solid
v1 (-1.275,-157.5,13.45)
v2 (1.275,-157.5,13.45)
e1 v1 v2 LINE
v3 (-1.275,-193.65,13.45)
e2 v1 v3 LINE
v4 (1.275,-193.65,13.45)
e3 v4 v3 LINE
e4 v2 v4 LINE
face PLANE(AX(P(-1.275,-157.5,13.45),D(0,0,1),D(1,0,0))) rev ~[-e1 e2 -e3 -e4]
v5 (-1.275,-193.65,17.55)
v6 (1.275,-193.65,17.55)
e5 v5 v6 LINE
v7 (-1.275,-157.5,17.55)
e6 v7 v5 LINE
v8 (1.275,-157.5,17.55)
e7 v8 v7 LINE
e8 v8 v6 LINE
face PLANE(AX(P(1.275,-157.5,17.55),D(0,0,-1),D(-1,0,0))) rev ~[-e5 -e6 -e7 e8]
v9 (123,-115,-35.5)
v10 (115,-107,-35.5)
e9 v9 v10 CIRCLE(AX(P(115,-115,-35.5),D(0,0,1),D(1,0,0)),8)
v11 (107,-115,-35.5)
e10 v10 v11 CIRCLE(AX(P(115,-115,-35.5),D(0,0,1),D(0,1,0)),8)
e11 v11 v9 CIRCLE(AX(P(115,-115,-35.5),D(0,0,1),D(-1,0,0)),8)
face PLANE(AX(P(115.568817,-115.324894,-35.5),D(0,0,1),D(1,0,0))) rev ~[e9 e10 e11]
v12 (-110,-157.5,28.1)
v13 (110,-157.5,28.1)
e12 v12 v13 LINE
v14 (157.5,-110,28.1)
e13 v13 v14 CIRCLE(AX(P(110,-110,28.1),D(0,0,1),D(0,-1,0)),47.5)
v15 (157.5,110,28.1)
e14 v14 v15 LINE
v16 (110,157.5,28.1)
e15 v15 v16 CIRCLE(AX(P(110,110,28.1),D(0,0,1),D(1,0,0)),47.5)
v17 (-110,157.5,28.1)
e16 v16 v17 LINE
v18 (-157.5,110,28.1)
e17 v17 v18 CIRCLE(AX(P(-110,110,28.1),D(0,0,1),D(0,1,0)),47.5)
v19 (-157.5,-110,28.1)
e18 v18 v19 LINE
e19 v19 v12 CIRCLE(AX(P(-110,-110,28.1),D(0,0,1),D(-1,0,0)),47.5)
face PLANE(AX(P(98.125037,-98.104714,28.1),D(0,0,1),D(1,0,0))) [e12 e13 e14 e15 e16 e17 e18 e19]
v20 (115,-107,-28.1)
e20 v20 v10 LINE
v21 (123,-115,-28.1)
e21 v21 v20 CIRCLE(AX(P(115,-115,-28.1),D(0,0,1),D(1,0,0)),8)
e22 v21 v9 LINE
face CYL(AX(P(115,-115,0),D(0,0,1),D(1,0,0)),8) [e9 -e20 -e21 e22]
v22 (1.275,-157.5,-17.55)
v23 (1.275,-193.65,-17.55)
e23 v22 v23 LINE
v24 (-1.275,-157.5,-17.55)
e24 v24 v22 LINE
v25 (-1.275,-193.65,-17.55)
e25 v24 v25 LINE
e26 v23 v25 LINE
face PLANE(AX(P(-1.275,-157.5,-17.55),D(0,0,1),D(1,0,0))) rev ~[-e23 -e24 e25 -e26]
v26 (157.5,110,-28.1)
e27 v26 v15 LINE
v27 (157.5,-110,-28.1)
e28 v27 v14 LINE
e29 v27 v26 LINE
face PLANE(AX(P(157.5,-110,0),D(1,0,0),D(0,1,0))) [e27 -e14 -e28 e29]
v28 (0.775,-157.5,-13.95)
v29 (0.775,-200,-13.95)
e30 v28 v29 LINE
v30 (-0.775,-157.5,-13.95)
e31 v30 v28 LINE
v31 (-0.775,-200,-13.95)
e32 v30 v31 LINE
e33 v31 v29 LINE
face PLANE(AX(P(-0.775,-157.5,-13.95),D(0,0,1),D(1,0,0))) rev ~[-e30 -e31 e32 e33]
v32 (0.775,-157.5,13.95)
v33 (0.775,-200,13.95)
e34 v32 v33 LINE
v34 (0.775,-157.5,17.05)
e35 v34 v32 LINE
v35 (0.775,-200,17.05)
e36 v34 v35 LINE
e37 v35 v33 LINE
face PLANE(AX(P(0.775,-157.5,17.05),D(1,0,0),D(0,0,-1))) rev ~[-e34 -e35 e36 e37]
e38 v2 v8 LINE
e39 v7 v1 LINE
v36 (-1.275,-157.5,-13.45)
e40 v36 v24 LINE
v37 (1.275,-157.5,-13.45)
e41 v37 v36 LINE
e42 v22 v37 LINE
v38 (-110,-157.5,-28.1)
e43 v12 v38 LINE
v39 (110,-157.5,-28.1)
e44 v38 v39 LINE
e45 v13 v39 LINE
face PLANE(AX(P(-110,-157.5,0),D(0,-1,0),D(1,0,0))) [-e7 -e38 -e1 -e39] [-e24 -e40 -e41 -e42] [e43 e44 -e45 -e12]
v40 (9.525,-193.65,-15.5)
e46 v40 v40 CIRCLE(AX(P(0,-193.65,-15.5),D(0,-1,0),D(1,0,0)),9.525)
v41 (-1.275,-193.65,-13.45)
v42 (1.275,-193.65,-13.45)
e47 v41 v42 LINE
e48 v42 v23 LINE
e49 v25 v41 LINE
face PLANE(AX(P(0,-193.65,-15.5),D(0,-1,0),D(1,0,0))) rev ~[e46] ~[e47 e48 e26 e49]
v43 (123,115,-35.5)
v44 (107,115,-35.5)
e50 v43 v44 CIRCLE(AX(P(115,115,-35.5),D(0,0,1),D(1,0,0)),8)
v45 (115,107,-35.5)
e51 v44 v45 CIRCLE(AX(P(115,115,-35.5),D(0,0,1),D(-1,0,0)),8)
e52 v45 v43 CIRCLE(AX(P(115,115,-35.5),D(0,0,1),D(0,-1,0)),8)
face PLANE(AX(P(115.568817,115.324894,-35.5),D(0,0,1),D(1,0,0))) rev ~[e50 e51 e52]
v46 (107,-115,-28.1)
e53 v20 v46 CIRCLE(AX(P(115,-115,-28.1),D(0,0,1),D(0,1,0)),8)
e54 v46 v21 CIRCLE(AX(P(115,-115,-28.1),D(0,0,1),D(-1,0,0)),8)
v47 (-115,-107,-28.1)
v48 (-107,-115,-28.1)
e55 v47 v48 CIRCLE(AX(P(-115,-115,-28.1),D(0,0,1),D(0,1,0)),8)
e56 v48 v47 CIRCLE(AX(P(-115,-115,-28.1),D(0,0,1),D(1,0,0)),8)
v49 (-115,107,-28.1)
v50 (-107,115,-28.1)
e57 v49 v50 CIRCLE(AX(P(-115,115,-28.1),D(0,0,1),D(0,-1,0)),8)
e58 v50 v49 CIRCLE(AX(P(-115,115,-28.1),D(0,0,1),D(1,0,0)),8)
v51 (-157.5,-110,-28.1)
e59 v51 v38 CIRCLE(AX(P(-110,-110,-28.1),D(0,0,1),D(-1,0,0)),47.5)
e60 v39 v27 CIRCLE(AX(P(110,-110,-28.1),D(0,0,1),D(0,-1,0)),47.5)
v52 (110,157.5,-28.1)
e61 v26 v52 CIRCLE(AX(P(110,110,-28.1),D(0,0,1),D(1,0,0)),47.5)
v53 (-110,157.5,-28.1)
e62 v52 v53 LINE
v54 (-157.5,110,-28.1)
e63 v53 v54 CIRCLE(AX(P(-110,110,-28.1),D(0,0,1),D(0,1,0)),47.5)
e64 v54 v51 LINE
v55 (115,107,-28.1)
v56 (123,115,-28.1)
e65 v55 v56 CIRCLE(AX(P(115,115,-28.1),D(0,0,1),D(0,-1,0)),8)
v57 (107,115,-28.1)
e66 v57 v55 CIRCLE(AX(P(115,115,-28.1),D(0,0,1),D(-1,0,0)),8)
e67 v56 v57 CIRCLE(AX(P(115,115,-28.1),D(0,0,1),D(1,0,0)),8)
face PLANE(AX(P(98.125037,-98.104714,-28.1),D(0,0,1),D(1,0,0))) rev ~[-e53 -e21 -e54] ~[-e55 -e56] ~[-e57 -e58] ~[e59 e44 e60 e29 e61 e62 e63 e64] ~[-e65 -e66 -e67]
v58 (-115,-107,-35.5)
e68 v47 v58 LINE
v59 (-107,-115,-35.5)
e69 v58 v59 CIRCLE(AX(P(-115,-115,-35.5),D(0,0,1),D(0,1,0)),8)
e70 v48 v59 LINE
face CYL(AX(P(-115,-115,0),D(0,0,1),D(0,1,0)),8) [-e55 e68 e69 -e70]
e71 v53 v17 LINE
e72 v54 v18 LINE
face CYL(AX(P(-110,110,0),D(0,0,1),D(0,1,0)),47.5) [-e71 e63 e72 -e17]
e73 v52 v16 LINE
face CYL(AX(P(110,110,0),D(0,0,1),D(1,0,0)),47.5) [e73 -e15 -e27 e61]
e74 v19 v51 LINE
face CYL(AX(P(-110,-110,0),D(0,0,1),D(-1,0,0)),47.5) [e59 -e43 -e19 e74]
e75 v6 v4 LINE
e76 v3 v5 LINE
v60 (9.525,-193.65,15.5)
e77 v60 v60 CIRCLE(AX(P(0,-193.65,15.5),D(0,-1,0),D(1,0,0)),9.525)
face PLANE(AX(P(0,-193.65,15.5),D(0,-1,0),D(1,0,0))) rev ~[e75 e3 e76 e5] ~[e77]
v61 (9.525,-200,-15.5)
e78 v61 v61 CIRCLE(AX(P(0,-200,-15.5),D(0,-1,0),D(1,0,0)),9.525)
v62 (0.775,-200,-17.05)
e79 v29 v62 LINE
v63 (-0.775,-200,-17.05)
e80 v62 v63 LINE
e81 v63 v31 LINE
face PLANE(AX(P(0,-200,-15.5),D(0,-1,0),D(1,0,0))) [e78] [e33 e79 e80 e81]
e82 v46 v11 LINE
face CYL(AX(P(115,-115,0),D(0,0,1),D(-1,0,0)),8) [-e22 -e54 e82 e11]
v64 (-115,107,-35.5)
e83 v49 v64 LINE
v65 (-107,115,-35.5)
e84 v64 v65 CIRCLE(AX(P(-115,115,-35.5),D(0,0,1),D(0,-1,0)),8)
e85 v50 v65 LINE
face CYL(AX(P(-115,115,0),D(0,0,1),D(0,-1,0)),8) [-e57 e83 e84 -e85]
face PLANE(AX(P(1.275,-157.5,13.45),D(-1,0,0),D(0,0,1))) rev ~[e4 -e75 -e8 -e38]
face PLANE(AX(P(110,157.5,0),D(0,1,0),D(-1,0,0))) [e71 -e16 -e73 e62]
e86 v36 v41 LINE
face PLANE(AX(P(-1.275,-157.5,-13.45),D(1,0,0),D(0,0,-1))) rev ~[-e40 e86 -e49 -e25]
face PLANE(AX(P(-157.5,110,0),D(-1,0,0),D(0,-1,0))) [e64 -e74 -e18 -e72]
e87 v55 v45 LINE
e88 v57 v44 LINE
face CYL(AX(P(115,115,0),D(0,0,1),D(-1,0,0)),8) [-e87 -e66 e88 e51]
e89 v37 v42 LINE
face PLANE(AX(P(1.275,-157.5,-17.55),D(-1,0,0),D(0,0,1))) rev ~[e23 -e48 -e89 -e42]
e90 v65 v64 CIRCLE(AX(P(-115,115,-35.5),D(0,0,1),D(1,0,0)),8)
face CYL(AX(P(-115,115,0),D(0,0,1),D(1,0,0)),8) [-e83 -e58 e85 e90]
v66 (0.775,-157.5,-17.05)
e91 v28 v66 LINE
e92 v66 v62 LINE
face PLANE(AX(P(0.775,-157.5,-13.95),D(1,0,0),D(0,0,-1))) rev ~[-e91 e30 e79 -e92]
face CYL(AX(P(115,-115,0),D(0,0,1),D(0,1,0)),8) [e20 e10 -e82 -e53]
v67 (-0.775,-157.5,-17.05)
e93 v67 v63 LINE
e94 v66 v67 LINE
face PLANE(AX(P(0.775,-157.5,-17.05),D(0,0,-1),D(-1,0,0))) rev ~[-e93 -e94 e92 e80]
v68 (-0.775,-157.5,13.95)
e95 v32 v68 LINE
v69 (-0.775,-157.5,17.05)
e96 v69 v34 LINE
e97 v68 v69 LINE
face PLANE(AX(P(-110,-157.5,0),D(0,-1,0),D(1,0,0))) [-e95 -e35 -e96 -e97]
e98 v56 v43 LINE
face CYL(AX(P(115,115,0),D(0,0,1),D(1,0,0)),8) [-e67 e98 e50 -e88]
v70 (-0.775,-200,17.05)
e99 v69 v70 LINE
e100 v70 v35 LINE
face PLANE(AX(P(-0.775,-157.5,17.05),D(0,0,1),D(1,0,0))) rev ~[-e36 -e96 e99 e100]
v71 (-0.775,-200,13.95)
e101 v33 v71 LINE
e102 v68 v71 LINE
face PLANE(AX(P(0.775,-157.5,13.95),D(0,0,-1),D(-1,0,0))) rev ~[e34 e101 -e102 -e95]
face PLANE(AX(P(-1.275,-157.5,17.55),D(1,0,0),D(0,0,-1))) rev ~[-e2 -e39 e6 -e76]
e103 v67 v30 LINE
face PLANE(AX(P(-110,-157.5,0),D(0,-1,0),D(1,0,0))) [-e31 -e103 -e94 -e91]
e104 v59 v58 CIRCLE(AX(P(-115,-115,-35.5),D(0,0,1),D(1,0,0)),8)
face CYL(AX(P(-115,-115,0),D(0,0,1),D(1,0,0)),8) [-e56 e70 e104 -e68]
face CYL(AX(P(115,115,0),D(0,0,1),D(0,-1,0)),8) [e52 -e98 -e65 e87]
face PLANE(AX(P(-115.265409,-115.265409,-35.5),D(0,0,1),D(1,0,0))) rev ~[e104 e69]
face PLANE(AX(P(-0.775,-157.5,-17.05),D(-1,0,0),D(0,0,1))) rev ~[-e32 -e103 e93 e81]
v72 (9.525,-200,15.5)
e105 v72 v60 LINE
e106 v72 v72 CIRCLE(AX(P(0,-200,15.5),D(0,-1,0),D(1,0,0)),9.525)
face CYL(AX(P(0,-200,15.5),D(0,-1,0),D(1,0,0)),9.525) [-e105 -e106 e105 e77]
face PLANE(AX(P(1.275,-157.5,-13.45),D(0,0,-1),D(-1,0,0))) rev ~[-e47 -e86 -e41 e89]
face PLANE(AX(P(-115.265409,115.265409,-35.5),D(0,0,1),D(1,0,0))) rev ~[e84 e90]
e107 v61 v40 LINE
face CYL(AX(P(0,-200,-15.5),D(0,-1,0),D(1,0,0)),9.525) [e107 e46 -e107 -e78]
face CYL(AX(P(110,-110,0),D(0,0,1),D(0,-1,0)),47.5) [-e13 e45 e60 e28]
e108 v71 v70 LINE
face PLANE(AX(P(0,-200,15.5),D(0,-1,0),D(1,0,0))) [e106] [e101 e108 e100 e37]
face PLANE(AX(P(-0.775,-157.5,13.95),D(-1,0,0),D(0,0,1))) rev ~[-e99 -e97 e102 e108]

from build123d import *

# Parameters (mm, degrees)
F1_DEPTH = 28.1
F2_DEPTH = 35.5
F4_DEPTH = 42.5
F5_R     = 9.525
F6_DEPTH = 6.35
F7_R     = 9.525
F8_DEPTH = 6.35


with BuildPart() as f1:
    # F0 (on Top) → F1 (new body, symmetric)
    with BuildSketch(Plane.XY):
        with BuildLine():
            Line((107, -115), (0, -115))
            Line((0, -115), (0, -157.5))
            Line((0, -157.5), (110, -157.5))
            ThreePointArc((110, -157.5), (143.5875721064, -143.5875721064), (157.5, -110))
            Line((157.5, -110), (157.5, 0))
            Line((157.5, 0), (115, 0))
            Line((115, 0), (115, -107))
            ThreePointArc((115, -107), (120.6568542495, -109.3431457505), (123, -115))
            ThreePointArc((123, -115), (115, -123), (107, -115))
        make_face()
        with BuildLine():
            Line((115, 0), (0, 0))
            Line((0, 0), (0, -115))
            Line((0, -115), (107, -115))
            ThreePointArc((107, -115), (109.3431457505, -109.3431457505), (115, -107))
            Line((115, -107), (115, 0))
        make_face()
        with BuildLine():
            Line((115, 107), (115, 0))
            Line((115, 0), (157.5, 0))
            Line((157.5, 0), (157.5, 110))
            ThreePointArc((157.5, 110), (143.5875721064, 143.5875721064), (110, 157.5))
            Line((110, 157.5), (0, 157.5))
            Line((0, 157.5), (0, 142.7501142025))
            Line((0, 142.7501142025), (0, 115))
            Line((0, 115), (107, 115))
            ThreePointArc((107, 115), (115, 123), (123, 115))
            ThreePointArc((123, 115), (120.6568542495, 109.3431457505), (115, 107))
        make_face()
        with BuildLine():
            Line((0, 115), (0, 0))
            Line((0, 0), (115, 0))
            Line((115, 0), (115, 107))
            ThreePointArc((115, 107), (109.3431457505, 109.3431457505), (107, 115))
            Line((107, 115), (0, 115))
        make_face()
        with BuildLine():
            Line((-115, 0), (0, 0))
            Line((0, 0), (0, 115))
            Line((0, 115), (-107, 115))
            ThreePointArc((-107, 115), (-109.3431457505, 109.3431457505), (-115, 107))
            Line((-115, 107), (-115, 0))
        make_face()
        with BuildLine():
            Line((-157.5, 0), (-115, 0))
            Line((-115, 0), (-115, 107))
            ThreePointArc((-115, 107), (-120.6568542495, 120.6568542495), (-107, 115))
            Line((-107, 115), (0, 115))
            Line((0, 115), (0, 142.7501142025))
            Line((0, 142.7501142025), (0, 157.5))
            Line((0, 157.5), (-110, 157.5))
            ThreePointArc((-110, 157.5), (-143.5875721064, 143.5875721064), (-157.5, 110))
            Line((-157.5, 110), (-157.5, 0))
        make_face()
        with BuildLine():
            Line((0, -115), (0, 0))
            Line((0, 0), (-115, 0))
            Line((-115, 0), (-115, -107))
            ThreePointArc((-115, -107), (-109.3431457505, -109.3431457505), (-107, -115))
            Line((-107, -115), (0, -115))
        make_face()
        with BuildLine():
            Line((0, -157.5), (0, -115))
            Line((0, -115), (-107, -115))
            ThreePointArc((-107, -115), (-120.6568542495, -120.6568542495), (-115, -107))
            Line((-115, -107), (-115, 0))
            Line((-115, 0), (-157.5, 0))
            Line((-157.5, 0), (-157.5, -110))
            ThreePointArc((-157.5, -110), (-143.5875721064, -143.5875721064), (-110, -157.5))
            Line((-110, -157.5), (0, -157.5))
        make_face()
        with BuildLine():
            Line((115, -115), (107, -115))
            ThreePointArc((107, -115), (115, -123), (123, -115))
            ThreePointArc((123, -115), (120.6568542495, -109.3431457505), (115, -107))
            Line((115, -107), (115, -115))
        make_face()
        with BuildLine():
            ThreePointArc((115, -107), (109.3431457505, -109.3431457505), (107, -115))
            Line((107, -115), (115, -115))
            Line((115, -115), (115, -107))
        make_face()
        with BuildLine():
            ThreePointArc((-115, -107), (-120.6568542495, -120.6568542495), (-107, -115))
            Line((-107, -115), (-115, -115))
            Line((-115, -115), (-115, -107))
        make_face()
        with BuildLine():
            Line((-115, -115), (-107, -115))
            ThreePointArc((-107, -115), (-109.3431457505, -109.3431457505), (-115, -107))
            Line((-115, -107), (-115, -115))
        make_face()
        with BuildLine():
            Line((115, 115), (115, 107))
            ThreePointArc((115, 107), (120.6568542495, 109.3431457505), (123, 115))
            ThreePointArc((123, 115), (115, 123), (107, 115))
            Line((107, 115), (115, 115))
        make_face()
        with BuildLine():
            ThreePointArc((107, 115), (109.3431457505, 109.3431457505), (115, 107))
            Line((115, 107), (115, 115))
            Line((115, 115), (107, 115))
        make_face()
        with BuildLine():
            ThreePointArc((-107, 115), (-120.6568542495, 120.6568542495), (-115, 107))
            Line((-115, 107), (-115, 115))
            Line((-115, 115), (-107, 115))
        make_face()
        with BuildLine():
            Line((-115, 115), (-115, 107))
            ThreePointArc((-115, 107), (-109.3431457505, 109.3431457505), (-107, 115))
            Line((-107, 115), (-115, 115))
        make_face()
    extrude(amount=F1_DEPTH, both=True)

    # F0 (on Top) → F2 (join)
    with BuildSketch(Plane.XY):
        with BuildLine():
            ThreePointArc((-115, -107), (-120.6568542495, -120.6568542495), (-107, -115))
            Line((-107, -115), (-115, -115))
            Line((-115, -115), (-115, -107))
        make_face()
        with BuildLine():
            Line((-115, -115), (-107, -115))
            ThreePointArc((-107, -115), (-109.3431457505, -109.3431457505), (-115, -107))
            Line((-115, -107), (-115, -115))
        make_face()
        with BuildLine():
            Line((115, -115), (107, -115))
            ThreePointArc((107, -115), (115, -123), (123, -115))
            ThreePointArc((123, -115), (120.6568542495, -109.3431457505), (115, -107))
            Line((115, -107), (115, -115))
        make_face()
        with BuildLine():
            ThreePointArc((115, -107), (109.3431457505, -109.3431457505), (107, -115))
            Line((107, -115), (115, -115))
            Line((115, -115), (115, -107))
        make_face()
        with BuildLine():
            Line((115, 115), (115, 107))
            ThreePointArc((115, 107), (120.6568542495, 109.3431457505), (123, 115))
            ThreePointArc((123, 115), (115, 123), (107, 115))
            Line((107, 115), (115, 115))
        make_face()
        with BuildLine():
            ThreePointArc((107, 115), (109.3431457505, 109.3431457505), (115, 107))
            Line((115, 107), (115, 115))
            Line((115, 115), (107, 115))
        make_face()
        with BuildLine():
            ThreePointArc((-107, 115), (-120.6568542495, 120.6568542495), (-115, 107))
            Line((-115, 107), (-115, 115))
            Line((-115, 115), (-107, 115))
        make_face()
        with BuildLine():
            Line((-115, 115), (-115, 107))
            ThreePointArc((-115, 107), (-109.3431457505, 109.3431457505), (-107, 115))
            Line((-107, 115), (-115, 115))
        make_face()
    extrude(amount=-F2_DEPTH)

    # F3 (on face) → F4 (join)
    with BuildSketch(Plane.XZ.offset(157.5)):
        Polygon((0, -13.95), (0, -13.45), (-1.275, -13.45), (-1.275, -17.55), (1.275, -17.55), (1.275, -15.5), (0.775, -15.5), (0.775, -17.05), (-0.775, -17.05), (-0.775, -13.95), align=None)
        Polygon((1.275, -13.45), (0, -13.45), (0, -13.95), (0.775, -13.95), (0.775, -15.5), (1.275, -15.5), align=None)
        Polygon((-1.275, 13.45), (0, 13.45), (0, 13.95), (-0.775, 13.95), (-0.775, 17.05), (0.775, 17.05), (0.775, 15.5), (1.275, 15.5), (1.275, 17.55), (-1.275, 17.55), align=None)
        Polygon((0, 13.95), (0, 13.45), (1.275, 13.45), (1.275, 15.5), (0.775, 15.5), (0.775, 13.95), align=None)
    extrude(amount=F4_DEPTH)

    # F5 (on face) → F6 (join)
    with BuildSketch(Plane.XZ.offset(200)):
        with Locations((0, 15.5)):
            Circle(F5_R)
        Polygon((-1.275, 13.45), (-1.275, 15.5), (-1.275, 17.55), (0, 17.55), (1.275, 17.55), (1.275, 15.5), (1.275, 13.45), (0, 13.45), align=None, mode=Mode.SUBTRACT)
    extrude(amount=-F6_DEPTH)

    # F7 (on face) → F8 (join)
    with BuildSketch(Plane.XZ.offset(200)):
        with Locations((0, -15.5)):
            Circle(F7_R)
        Polygon((-1.275, -17.55), (-1.275, -15.5), (-1.275, -13.45), (0, -13.45), (1.275, -13.45), (1.275, -15.5), (1.275, -17.55), (0, -17.55), align=None, mode=Mode.SUBTRACT)
    extrude(amount=-F8_DEPTH)


solid = f1.part
